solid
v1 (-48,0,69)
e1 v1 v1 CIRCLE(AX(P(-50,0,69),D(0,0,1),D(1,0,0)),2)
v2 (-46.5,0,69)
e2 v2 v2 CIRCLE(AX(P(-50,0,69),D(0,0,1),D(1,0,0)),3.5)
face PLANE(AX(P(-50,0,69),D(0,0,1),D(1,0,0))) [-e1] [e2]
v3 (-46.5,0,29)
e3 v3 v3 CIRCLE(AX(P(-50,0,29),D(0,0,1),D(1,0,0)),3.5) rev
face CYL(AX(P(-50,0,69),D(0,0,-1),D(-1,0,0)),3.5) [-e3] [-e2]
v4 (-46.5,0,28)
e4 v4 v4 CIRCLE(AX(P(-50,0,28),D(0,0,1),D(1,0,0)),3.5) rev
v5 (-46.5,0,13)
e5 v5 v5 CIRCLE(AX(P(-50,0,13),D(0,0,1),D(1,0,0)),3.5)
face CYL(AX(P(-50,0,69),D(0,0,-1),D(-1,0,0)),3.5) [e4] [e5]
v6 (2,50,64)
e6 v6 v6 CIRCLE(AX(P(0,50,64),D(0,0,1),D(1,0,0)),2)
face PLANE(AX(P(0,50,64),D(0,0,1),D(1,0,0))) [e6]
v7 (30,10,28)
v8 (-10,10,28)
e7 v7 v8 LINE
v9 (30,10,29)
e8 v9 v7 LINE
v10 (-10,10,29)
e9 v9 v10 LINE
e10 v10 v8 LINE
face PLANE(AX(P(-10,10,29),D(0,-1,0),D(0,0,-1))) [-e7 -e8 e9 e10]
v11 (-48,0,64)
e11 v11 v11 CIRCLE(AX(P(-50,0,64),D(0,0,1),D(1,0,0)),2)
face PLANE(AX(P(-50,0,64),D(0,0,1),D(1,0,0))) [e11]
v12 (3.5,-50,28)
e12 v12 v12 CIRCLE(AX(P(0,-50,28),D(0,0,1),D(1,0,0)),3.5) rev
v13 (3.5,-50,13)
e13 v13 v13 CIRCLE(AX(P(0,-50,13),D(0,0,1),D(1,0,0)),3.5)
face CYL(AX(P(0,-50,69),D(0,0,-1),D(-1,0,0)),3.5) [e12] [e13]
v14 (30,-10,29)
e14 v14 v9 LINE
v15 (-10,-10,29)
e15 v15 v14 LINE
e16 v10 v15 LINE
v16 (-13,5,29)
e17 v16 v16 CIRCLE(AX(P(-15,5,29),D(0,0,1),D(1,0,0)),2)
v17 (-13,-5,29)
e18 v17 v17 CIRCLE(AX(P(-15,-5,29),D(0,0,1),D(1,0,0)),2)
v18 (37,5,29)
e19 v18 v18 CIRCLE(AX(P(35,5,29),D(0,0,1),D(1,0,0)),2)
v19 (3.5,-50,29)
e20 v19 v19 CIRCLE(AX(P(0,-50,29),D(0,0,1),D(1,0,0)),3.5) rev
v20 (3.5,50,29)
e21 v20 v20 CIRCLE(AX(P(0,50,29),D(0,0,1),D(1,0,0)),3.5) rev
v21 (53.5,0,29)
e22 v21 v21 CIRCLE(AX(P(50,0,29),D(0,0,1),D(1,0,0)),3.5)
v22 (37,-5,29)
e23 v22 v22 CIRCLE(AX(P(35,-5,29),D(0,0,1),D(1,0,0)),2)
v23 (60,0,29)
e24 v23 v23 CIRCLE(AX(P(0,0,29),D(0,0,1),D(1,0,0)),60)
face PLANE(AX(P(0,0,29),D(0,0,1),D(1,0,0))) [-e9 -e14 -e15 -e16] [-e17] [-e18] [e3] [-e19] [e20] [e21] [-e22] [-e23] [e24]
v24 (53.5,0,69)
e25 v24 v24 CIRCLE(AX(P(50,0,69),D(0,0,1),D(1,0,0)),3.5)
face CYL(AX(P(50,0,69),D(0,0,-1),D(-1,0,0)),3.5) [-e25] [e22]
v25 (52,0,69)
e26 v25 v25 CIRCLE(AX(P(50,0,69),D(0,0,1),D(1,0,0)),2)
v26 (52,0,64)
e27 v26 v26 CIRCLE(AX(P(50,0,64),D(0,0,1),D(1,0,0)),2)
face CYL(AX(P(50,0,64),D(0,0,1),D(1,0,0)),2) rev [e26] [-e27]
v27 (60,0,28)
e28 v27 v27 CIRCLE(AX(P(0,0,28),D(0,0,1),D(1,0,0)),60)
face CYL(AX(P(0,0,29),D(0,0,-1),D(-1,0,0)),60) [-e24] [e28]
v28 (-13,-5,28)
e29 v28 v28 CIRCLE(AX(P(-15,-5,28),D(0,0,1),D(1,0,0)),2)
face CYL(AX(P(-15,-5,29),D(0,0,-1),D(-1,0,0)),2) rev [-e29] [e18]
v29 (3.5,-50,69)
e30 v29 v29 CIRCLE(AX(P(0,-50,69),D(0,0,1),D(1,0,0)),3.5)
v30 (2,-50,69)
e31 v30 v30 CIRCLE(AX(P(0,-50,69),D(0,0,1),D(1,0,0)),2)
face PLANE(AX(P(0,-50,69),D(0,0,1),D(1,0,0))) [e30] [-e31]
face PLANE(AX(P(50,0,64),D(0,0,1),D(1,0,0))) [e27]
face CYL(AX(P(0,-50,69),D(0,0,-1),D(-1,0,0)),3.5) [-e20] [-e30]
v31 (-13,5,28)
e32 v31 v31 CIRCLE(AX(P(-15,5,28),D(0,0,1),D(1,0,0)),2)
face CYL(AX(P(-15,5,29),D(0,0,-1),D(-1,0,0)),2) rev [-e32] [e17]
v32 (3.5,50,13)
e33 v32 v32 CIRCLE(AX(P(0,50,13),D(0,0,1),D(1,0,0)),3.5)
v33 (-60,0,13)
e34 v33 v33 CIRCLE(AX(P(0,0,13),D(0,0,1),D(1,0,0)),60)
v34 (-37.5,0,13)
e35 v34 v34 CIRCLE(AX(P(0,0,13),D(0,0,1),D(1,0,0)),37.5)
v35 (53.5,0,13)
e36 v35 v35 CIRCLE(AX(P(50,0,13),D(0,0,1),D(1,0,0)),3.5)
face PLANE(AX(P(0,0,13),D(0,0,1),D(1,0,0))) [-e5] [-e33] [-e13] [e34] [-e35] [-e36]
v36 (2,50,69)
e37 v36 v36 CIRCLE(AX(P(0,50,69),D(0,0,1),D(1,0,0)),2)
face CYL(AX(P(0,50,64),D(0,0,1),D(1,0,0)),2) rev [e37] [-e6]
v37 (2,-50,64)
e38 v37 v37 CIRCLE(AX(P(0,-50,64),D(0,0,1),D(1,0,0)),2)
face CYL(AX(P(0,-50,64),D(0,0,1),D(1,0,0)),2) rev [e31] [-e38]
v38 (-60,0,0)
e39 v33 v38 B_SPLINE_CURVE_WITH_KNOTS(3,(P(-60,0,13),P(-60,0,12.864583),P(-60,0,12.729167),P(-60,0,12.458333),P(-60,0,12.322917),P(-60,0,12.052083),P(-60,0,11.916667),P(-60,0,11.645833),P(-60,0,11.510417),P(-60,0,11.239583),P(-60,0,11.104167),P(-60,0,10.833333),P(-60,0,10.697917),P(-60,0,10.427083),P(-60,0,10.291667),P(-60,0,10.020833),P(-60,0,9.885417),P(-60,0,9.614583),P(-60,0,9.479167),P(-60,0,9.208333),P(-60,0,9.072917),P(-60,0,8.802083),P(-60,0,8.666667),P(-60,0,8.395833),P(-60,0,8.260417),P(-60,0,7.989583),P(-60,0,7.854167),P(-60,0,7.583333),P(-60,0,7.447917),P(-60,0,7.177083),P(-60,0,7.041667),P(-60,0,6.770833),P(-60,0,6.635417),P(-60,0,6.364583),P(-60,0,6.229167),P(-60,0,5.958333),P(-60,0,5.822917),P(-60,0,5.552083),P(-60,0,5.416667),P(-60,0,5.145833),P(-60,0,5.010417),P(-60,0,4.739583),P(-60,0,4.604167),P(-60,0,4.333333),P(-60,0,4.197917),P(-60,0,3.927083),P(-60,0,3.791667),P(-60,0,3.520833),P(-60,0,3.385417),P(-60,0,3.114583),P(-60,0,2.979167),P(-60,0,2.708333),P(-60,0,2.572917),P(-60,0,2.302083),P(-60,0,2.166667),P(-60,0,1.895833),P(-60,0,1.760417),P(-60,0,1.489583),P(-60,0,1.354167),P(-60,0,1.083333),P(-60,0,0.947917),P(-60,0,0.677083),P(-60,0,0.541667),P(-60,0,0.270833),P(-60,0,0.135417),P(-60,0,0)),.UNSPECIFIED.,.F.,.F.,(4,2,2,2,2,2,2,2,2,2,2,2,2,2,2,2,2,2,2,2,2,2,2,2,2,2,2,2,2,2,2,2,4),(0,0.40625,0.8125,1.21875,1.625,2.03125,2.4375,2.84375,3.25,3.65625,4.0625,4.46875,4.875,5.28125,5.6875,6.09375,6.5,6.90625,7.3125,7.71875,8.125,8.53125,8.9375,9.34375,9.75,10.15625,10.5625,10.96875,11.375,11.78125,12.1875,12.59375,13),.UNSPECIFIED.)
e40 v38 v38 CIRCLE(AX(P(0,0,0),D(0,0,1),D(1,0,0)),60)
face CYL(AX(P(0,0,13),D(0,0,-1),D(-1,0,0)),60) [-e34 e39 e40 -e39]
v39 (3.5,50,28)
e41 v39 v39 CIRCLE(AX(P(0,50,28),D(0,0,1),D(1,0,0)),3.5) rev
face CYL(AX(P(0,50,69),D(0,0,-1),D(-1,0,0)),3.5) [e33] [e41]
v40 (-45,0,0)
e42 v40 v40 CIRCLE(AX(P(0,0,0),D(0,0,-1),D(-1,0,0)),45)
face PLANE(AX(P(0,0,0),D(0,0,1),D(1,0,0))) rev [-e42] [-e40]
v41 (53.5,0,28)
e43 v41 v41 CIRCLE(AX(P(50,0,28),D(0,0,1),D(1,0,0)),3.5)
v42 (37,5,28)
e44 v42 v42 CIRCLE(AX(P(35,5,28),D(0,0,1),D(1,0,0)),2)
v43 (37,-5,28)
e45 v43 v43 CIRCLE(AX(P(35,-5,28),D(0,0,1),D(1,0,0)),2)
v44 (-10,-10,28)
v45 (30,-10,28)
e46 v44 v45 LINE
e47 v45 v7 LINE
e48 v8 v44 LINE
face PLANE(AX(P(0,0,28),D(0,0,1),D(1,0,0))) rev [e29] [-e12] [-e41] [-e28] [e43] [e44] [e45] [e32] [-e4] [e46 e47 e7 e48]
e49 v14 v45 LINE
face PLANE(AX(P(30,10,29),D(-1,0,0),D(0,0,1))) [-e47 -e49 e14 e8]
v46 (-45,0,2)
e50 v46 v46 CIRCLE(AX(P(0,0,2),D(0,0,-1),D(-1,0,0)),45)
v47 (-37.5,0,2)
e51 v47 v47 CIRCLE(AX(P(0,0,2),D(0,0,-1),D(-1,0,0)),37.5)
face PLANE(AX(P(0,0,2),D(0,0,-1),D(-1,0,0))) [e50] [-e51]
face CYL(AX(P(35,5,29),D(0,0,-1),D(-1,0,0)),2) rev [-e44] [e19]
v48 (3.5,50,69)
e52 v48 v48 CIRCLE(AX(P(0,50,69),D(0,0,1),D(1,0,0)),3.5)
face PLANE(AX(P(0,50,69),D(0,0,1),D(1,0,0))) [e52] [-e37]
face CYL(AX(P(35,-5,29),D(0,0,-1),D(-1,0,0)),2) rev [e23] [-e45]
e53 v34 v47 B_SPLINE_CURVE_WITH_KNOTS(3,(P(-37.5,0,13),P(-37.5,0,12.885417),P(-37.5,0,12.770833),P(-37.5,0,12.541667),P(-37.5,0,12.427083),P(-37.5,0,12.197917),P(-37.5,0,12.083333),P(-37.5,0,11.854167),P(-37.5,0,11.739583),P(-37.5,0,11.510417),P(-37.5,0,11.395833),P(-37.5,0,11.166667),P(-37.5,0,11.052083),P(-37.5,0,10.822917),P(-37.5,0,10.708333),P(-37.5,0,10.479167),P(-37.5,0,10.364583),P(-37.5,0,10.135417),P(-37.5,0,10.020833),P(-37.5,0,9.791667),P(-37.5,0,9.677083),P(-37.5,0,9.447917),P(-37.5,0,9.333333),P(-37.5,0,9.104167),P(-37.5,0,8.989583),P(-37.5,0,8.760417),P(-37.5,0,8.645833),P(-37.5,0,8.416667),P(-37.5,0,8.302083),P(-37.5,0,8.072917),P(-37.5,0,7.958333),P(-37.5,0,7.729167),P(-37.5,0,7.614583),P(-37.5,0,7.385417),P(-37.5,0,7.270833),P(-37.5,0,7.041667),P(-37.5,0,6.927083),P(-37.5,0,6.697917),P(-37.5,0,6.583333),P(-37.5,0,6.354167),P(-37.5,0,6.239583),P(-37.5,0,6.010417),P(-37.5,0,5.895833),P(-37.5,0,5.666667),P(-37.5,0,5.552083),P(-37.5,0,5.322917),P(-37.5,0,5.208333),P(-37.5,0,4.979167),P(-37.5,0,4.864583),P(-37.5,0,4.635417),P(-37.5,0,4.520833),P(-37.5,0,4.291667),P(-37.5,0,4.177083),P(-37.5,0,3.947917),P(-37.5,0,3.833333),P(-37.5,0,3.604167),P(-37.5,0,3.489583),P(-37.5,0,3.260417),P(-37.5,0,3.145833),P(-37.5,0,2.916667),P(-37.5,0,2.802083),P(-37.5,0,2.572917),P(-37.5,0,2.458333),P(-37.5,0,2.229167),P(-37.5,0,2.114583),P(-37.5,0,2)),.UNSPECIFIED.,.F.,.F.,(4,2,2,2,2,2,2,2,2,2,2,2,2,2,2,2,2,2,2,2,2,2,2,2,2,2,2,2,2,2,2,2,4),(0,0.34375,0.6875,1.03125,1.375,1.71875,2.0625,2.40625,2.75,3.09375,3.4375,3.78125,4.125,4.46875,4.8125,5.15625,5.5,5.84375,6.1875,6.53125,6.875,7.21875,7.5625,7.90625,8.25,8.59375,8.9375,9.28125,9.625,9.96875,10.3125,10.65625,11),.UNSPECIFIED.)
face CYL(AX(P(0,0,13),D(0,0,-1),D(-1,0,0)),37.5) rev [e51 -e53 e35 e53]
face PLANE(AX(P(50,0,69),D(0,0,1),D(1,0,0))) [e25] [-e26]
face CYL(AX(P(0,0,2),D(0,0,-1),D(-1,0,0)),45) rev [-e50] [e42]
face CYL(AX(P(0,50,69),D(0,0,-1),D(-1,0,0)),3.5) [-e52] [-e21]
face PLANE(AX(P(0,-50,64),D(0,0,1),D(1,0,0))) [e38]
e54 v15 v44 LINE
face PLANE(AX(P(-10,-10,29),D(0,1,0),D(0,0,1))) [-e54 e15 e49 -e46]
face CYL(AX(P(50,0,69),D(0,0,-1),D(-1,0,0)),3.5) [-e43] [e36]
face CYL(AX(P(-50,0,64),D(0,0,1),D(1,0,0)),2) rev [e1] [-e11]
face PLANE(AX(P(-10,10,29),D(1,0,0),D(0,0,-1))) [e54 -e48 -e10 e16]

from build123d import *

# Parameters (mm, degrees)
SKETCH_1_R          = 60
SKETCH_1_R_2        = 37.5
EXTRUDE_1_DEPTH     = 13
SKETCH_4_R          = 60
SKETCH_4_R_2        = 2
SKETCH_4_W          = 40
SKETCH_4_H          = 20
EXTRUDE_2_DEPTH     = 1
SKETCH_5_R          = 3.5
EXTRUDE_3_DEPTH     = 56
SKETCH_6_R          = 2
CUT_EXTRUDE_1_DEPTH = 5
SKETCH_7_R          = 45
CUT_EXTRUDE_2_DEPTH = 2


with BuildPart() as part:
    # 草图1 → 凸台-拉伸1 (new body)
    with BuildSketch(Plane.XY):
        with Locations(Location((0, 0, 0), (0, 0, 180))):
            Circle(SKETCH_1_R)
        with Locations(Location((0, 0, 0), (0, 0, 180))):
            Circle(SKETCH_1_R_2, mode=Mode.SUBTRACT)
    extrude(amount=EXTRUDE_1_DEPTH)



with BuildPart() as body_2:
    # 草图4 → 凸台-拉伸2 (new body)
    with BuildSketch(Plane.XY.offset(28)):
        with Locations(Location((0, 0, 0), (0, 0, 180))):
            Circle(SKETCH_4_R)
        with Locations((-15, 5)):
            Circle(SKETCH_4_R_2, mode=Mode.SUBTRACT)
        with Locations((35, 5)):
            Circle(SKETCH_4_R_2, mode=Mode.SUBTRACT)
        with Locations((35, -5)):
            Circle(SKETCH_4_R_2, mode=Mode.SUBTRACT)
        with Locations((-15, -5)):
            Circle(SKETCH_4_R_2, mode=Mode.SUBTRACT)
        with Locations((10, 0)):
            Rectangle(SKETCH_4_W, SKETCH_4_H, mode=Mode.SUBTRACT)
    extrude(amount=EXTRUDE_2_DEPTH)


with BuildPart() as part_1:
    add(part.part)

    add(body_2.part)  # 凸台-拉伸3 merges body 2
    # 草图5 → 凸台-拉伸3 (add)
    with BuildSketch(Plane.XY.offset(13)):
        with Locations((50, 0)):
            Circle(SKETCH_5_R)
        with Locations((0, -50)):
            Circle(SKETCH_5_R)
        with Locations((-50, 0)):
            Circle(SKETCH_5_R)
        with Locations((0, 50)):
            Circle(SKETCH_5_R)
    extrude(amount=EXTRUDE_3_DEPTH)

    # 草图6 → 切除-拉伸1 (cut)
    with BuildSketch(Plane.XY.offset(69)):
        with Locations((50, 0)):
            Circle(SKETCH_6_R)
        with Locations((0, 50)):
            Circle(SKETCH_6_R)
        with Locations((-50, 0)):
            Circle(SKETCH_6_R)
        with Locations((0, -50)):
            Circle(SKETCH_6_R)
    extrude(amount=-CUT_EXTRUDE_1_DEPTH, mode=Mode.SUBTRACT)

    # 草图7 → 切除-拉伸2 (cut)
    with BuildSketch(Plane(origin=(0, 0, 0), x_dir=(-1, 0, 0), z_dir=(0, 0, -1))):
        Circle(SKETCH_7_R)
    extrude(amount=-CUT_EXTRUDE_2_DEPTH, mode=Mode.SUBTRACT)


solid = part_1.part
